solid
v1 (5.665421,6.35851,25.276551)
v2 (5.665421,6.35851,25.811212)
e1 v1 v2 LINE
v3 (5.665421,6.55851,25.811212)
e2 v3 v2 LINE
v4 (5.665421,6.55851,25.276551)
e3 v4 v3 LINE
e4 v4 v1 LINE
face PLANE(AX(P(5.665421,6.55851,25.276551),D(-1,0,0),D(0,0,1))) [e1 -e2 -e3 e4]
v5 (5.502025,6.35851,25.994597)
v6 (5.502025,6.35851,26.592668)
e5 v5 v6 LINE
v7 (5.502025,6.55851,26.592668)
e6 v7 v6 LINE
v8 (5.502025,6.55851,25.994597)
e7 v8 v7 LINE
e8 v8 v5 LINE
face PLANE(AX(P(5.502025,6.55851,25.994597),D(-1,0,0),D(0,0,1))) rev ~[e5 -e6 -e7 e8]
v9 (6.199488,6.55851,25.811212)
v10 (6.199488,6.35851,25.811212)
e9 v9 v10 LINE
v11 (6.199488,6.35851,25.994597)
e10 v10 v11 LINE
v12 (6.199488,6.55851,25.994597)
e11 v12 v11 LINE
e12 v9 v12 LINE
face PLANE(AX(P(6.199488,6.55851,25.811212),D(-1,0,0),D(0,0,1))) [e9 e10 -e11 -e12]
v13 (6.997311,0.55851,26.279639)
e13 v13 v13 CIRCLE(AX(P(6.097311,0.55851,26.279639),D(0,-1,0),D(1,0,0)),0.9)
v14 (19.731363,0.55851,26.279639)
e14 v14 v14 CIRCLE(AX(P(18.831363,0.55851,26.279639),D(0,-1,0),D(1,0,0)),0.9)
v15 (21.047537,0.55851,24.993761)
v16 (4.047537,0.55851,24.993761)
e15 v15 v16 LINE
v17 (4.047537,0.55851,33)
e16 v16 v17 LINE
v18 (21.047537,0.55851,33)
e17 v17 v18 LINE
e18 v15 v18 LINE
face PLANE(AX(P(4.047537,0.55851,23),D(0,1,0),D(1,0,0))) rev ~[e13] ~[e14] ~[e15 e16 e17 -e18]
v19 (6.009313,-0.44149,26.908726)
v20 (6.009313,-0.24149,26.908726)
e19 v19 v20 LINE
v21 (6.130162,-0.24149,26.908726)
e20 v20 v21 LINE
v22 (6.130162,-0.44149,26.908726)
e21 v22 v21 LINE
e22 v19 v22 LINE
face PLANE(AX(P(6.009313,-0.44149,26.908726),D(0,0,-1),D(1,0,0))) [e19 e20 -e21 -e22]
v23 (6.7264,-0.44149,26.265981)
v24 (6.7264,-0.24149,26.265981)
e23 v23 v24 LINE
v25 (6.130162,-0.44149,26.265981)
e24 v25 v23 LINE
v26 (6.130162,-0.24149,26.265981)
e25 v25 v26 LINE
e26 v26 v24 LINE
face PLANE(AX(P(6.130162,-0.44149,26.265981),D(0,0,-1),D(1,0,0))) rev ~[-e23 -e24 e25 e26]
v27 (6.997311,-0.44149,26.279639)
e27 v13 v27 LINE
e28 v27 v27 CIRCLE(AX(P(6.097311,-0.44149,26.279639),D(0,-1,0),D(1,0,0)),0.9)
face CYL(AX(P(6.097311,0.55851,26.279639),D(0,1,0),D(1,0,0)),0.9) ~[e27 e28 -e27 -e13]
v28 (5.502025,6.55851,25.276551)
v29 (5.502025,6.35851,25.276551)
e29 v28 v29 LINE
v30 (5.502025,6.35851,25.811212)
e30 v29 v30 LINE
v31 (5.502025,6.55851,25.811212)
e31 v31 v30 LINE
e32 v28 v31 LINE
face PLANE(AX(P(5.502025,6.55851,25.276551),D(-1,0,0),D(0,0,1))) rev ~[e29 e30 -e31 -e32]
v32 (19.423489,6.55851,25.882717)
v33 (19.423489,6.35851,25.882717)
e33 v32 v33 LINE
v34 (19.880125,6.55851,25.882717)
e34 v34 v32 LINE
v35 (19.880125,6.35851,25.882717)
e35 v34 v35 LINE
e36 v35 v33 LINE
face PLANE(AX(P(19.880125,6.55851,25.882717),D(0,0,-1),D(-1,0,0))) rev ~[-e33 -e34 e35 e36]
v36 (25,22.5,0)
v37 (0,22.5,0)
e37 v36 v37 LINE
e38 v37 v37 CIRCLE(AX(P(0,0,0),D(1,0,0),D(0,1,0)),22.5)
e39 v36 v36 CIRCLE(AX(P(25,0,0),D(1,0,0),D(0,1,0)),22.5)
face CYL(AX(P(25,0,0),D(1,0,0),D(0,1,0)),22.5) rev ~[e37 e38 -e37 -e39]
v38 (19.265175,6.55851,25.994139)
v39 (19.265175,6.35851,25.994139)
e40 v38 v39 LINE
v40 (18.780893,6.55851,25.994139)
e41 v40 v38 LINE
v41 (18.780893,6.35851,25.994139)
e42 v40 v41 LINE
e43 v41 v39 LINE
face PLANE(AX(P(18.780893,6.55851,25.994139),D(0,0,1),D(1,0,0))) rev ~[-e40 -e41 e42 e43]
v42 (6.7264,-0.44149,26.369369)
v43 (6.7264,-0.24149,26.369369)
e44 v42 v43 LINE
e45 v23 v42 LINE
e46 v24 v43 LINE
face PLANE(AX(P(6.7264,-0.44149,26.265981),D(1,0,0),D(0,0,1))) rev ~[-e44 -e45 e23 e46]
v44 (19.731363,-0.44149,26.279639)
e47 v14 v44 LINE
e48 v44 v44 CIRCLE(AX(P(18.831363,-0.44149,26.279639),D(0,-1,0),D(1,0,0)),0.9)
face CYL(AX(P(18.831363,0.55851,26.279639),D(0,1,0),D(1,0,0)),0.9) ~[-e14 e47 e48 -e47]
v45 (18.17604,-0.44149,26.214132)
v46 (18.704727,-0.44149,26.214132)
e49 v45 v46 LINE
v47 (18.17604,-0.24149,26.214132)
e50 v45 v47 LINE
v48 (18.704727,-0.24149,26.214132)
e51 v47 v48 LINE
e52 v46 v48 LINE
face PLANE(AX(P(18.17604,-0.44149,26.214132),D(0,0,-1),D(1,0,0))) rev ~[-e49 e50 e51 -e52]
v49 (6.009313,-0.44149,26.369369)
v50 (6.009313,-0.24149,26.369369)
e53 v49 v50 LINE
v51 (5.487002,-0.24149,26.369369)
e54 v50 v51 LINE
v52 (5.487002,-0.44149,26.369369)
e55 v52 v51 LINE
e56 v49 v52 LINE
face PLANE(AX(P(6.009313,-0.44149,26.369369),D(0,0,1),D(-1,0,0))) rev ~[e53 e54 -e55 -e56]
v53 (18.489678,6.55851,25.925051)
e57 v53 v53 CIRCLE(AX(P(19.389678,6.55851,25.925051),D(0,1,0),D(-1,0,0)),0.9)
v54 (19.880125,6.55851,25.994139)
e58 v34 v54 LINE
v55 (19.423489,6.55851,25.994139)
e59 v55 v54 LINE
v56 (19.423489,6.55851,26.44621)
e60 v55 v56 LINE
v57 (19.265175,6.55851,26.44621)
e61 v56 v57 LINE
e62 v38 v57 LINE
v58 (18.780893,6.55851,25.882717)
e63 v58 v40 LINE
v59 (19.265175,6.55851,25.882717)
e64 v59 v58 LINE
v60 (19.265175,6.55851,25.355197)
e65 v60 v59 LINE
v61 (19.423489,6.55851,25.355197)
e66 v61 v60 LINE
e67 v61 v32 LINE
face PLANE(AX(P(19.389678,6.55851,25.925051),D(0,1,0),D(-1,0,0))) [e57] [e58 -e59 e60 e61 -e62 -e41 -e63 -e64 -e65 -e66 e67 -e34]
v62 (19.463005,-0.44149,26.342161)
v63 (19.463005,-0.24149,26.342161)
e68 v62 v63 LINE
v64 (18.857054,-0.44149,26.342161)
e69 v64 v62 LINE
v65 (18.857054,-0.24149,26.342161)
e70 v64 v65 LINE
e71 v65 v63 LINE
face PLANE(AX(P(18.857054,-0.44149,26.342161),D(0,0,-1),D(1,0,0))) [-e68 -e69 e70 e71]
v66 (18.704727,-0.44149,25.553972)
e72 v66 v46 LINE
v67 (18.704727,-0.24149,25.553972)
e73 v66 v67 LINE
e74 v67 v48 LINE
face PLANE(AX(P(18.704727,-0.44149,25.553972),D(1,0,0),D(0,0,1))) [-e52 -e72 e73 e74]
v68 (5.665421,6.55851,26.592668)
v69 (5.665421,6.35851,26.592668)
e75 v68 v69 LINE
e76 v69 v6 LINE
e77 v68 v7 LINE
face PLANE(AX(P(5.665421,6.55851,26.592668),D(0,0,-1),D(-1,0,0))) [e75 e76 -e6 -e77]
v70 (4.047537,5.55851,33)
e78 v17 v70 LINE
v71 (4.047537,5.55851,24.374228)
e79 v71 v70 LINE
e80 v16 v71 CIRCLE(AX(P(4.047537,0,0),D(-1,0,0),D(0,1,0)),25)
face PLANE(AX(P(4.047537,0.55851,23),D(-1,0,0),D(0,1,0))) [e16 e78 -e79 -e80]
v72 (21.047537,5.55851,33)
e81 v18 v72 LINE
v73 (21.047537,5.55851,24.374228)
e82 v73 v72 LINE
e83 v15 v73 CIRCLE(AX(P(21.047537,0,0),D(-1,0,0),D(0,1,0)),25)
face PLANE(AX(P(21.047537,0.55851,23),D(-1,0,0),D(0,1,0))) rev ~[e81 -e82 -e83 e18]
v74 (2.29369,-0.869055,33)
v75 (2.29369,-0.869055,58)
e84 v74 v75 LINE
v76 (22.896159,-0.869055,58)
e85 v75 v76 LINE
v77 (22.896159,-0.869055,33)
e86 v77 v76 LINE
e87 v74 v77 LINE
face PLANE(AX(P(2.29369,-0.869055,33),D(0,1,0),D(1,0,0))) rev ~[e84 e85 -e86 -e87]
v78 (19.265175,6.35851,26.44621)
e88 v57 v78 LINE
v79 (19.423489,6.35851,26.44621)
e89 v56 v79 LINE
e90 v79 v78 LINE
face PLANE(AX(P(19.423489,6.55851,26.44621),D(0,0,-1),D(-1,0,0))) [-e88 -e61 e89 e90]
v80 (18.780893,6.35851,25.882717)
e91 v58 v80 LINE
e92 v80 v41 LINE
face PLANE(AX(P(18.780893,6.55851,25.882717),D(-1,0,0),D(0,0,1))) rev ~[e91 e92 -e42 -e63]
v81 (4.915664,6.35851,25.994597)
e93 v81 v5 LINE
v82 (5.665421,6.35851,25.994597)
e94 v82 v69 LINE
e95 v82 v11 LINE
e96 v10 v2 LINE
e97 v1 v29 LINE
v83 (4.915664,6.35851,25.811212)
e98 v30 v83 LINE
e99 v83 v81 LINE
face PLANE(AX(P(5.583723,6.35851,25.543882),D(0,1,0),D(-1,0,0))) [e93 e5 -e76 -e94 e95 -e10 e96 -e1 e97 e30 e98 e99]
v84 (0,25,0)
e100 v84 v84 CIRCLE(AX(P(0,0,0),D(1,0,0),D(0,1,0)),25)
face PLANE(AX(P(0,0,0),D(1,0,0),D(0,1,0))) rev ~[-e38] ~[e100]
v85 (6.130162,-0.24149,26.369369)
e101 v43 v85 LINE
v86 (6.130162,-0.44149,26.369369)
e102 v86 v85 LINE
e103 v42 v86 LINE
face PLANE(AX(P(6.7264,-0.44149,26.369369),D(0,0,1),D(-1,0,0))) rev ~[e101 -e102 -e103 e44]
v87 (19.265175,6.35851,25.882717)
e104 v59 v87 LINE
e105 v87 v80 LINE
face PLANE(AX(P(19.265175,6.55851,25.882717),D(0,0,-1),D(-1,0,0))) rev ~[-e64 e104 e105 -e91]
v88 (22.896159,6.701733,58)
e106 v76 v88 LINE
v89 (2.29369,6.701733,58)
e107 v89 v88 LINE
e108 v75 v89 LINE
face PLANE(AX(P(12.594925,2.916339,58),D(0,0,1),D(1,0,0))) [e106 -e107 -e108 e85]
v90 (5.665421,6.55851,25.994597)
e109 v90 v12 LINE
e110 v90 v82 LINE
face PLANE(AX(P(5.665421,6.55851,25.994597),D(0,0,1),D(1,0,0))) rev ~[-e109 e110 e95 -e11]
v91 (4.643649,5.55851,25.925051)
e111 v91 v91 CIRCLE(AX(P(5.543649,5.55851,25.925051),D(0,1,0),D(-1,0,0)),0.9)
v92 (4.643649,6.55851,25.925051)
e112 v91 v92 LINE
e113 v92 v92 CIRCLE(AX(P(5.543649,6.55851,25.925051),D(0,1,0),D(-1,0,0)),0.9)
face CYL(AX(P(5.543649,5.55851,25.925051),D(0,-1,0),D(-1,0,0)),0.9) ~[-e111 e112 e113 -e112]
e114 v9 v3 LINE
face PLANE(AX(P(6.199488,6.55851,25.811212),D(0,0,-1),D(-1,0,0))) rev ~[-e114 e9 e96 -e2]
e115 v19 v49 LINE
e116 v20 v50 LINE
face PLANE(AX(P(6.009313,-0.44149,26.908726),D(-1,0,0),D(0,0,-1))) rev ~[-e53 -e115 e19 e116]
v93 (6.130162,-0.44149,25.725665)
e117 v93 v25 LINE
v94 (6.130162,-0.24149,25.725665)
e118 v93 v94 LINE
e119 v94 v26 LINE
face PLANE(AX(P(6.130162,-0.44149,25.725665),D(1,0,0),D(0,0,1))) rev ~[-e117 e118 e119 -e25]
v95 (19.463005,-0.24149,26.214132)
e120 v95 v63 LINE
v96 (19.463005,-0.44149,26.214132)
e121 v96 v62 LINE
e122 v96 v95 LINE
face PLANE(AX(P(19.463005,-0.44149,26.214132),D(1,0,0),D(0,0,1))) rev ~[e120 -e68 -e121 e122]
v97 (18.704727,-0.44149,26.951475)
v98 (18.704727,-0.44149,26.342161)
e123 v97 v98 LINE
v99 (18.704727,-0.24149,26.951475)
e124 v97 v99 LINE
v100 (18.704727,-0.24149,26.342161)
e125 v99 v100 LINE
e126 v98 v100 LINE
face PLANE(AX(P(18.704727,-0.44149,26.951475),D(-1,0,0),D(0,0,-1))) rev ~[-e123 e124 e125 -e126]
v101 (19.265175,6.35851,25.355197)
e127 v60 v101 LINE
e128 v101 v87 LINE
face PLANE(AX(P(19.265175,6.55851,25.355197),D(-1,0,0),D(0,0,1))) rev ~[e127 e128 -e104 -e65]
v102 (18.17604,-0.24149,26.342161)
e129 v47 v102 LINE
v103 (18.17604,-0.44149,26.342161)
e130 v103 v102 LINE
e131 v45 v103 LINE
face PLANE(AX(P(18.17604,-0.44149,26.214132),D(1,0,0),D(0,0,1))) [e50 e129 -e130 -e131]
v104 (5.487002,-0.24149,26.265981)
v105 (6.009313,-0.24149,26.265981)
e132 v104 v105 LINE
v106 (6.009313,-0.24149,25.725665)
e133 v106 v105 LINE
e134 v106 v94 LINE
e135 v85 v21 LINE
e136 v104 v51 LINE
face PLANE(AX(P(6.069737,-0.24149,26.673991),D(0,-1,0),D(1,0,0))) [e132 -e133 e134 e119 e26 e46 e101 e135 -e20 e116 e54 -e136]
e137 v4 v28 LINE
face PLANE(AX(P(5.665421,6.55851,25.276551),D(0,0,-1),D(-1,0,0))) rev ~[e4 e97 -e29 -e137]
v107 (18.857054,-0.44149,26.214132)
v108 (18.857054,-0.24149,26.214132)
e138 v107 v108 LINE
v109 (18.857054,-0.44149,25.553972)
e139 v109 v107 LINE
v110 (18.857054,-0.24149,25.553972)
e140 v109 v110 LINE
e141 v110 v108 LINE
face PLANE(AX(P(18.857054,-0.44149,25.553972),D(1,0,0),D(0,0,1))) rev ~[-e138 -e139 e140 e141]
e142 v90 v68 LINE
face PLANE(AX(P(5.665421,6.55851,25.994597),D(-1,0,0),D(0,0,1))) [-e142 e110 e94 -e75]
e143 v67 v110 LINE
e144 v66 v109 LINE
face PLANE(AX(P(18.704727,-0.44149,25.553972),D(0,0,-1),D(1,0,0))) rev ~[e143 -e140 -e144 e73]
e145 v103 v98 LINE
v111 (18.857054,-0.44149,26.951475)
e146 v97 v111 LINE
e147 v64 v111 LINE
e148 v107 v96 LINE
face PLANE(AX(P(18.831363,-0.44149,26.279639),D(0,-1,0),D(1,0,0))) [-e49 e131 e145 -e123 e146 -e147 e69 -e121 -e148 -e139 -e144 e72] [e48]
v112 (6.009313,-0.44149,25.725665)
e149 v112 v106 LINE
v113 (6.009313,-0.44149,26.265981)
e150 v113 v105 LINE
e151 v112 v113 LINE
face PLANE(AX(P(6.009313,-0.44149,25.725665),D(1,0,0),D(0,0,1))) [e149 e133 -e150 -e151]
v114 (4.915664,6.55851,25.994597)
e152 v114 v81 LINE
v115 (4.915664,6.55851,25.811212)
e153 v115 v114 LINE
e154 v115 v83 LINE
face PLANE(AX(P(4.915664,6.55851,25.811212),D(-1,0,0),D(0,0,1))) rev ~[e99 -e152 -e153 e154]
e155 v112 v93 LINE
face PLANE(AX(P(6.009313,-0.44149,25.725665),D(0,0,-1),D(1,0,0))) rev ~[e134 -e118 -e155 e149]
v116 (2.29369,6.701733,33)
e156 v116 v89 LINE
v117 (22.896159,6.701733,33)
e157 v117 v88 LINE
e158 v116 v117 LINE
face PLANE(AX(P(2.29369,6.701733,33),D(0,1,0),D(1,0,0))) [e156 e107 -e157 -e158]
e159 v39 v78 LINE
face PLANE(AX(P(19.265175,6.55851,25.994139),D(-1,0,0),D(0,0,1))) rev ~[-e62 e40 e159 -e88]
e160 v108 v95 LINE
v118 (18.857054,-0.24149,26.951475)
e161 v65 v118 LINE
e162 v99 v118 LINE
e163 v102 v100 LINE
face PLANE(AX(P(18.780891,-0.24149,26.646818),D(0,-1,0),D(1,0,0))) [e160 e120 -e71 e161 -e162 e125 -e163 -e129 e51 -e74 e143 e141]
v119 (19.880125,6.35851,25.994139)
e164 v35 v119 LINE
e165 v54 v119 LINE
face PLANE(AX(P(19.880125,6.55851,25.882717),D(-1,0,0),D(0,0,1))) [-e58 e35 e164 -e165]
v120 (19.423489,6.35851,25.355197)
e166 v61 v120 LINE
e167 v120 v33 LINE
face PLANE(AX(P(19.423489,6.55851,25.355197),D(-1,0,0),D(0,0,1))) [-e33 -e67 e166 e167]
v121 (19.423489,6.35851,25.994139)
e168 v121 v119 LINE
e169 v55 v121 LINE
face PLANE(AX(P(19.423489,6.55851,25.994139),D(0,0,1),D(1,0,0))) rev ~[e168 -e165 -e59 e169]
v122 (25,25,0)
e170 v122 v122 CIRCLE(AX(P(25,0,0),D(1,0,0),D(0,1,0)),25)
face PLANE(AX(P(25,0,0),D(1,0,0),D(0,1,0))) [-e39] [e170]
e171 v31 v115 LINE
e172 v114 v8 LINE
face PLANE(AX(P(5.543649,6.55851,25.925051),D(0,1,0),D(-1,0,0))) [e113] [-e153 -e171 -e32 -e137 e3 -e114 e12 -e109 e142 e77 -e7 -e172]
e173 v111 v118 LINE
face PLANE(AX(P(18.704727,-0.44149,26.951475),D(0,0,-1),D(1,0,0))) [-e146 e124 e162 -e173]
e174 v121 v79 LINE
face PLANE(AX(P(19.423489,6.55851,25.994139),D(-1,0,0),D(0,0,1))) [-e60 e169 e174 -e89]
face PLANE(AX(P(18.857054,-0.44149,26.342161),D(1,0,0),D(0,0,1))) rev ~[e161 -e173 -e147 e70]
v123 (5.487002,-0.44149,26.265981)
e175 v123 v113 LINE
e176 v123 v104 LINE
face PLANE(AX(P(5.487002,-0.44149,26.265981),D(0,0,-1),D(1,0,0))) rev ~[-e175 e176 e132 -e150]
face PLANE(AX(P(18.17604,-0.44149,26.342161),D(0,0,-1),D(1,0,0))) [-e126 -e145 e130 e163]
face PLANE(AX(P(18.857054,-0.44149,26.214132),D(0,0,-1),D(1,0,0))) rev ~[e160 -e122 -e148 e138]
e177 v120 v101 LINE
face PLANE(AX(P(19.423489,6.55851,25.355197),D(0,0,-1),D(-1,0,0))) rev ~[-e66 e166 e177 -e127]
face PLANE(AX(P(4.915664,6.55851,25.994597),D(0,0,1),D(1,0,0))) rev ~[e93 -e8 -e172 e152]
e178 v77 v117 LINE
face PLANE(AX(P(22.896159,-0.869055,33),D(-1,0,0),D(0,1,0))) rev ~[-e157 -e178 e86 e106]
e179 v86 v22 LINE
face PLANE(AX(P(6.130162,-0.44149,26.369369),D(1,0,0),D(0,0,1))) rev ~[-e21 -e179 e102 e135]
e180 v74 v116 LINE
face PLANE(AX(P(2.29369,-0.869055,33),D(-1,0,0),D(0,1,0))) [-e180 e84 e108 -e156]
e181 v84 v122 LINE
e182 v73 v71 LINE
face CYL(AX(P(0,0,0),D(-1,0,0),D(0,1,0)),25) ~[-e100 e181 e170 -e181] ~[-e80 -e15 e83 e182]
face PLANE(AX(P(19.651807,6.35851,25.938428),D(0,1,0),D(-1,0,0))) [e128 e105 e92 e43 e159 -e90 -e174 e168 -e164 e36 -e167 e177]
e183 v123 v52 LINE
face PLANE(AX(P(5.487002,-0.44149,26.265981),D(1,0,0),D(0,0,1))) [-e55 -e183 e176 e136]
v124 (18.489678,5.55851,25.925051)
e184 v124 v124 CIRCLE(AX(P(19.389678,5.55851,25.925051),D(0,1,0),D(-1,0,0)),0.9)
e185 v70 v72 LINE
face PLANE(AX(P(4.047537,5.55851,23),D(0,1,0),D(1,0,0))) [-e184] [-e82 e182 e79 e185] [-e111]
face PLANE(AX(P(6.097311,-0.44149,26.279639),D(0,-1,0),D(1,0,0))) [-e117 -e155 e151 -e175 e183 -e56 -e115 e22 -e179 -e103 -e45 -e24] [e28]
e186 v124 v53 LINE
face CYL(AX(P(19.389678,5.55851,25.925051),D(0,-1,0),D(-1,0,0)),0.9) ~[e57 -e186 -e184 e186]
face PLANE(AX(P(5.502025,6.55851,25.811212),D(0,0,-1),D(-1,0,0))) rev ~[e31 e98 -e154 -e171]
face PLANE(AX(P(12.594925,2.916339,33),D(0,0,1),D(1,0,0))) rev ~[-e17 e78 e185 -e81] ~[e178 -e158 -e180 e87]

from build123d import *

# Parameters (mm, degrees)
F0_R      = 25
F1_DEPTH  = 25
F2_R      = 22.5
F3_DEPTH  = 30
F5_W      = 17
F5_H      = 5
F6_DEPTH  = 10
F7_R      = 0.9
F8_DEPTH  = 1
F9_W      = 0.4566367716
F9_H      = 0.1114215702
F9_W_2    = 0.1583136618
F9_H_2    = 0.5275197327
F9_W_3    = 0.4842821509
F9_H_3    = 0.4520714283
F10_DEPTH = 0.2
F11_W     = 0.1633954234
F11_H     = 0.5346611142
F11_W_2   = 0.5340673961
F11_H_2   = 0.1833848655
F11_W_3   = 0.5863611586
F11_H_3   = 0.598071143
F12_DEPTH = 0.2
F13_R     = 0.9
F14_DEPTH = 1
F16_W     = 0.1523271203
F16_H     = 0.6093140692
F16_H_2   = 0.1280289143
F16_W_2   = 0.5286876112
F16_W_3   = 0.605950132
F16_H_3   = 0.6601605564
F17_DEPTH = 0.2
F15_W     = 0.1208484173
F15_H     = 0.469468534
F15_H_2   = 0.0698883086
F15_W_2   = 0.0528423116
F15_H_3   = 0.1033879817
F15_W_3   = 0.0704331324
F15_W_4   = 0.469468534
F15_H_4   = 0.5403161049
F15_W_5   = 0.5258051679
F18_DEPTH = 0.2
F19_W     = 20.6024695653
F19_H     = 7.5707876822
F19_W_2   = 17
F19_H_2   = 5
F20_DEPTH = 25


with BuildPart() as f1:
    # F0 (on Right) → F1 (new body)
    with BuildSketch(Plane.YZ):
        Circle(F0_R)
    extrude(amount=F1_DEPTH)

    # F2 (on face) → F3 (cut)
    with BuildSketch(Plane.YZ.offset(25)):
        Circle(F2_R)
    extrude(amount=-F3_DEPTH, mode=Mode.SUBTRACT)

    # F5 (on offset) → F6 (join)
    with BuildSketch(Plane.XY.offset(23)):
        with Locations((12.5475367568, 3.0585098453)):
            Rectangle(F5_W, F5_H)
    extrude(amount=F6_DEPTH)

    # F7 (on face) → F8 (join)
    with BuildSketch(Plane(origin=(0, 5.5585098453, 0), x_dir=(-1, 0, 0), z_dir=(0, 1, 0))):
        with Locations((-19.3896782356, 25.9250514209)):
            Circle(F7_R)
        with Locations((-5.5436493817, 25.9250514209)):
            Circle(F7_R)
    extrude(amount=F8_DEPTH)

    # F9 (on face) → F10 (cut)
    with BuildSketch(Plane(origin=(0, 6.5585098453, 0), x_dir=(-1, 0, 0), z_dir=(0, 1, 0))):
        with Locations((-19.6518069133, 25.9384280071)):
            Rectangle(F9_W, F9_H)
        with Locations((-19.3443316966, 25.9384280071)):
            Rectangle(F9_W_2, F9_H)
        with Locations((-19.3443316966, 25.6189573556)):
            Rectangle(F9_W_2, F9_H_2)
        with Locations((-19.0230337903, 25.9384280071)):
            Rectangle(F9_W_3, F9_H)
        with Locations((-19.3443316966, 26.2201745063)):
            Rectangle(F9_W_2, F9_H_3)
    extrude(amount=-F10_DEPTH, mode=Mode.SUBTRACT)

    # F11 (on face) → F12 (cut)
    with BuildSketch(Plane(origin=(0, 6.5585098453, 0), x_dir=(-1, 0, 0), z_dir=(0, 1, 0))):
        with Locations((-5.5837228429, 25.5438815802)):
            Rectangle(F11_W, F11_H)
        with Locations((-5.9324542526, 25.9029045701)):
            Rectangle(F11_W_2, F11_H_2)
        with Locations((-5.5837228429, 25.9029045701)):
            Rectangle(F11_W, F11_H_2)
        with Locations((-5.2088445518, 25.9029045701)):
            Rectangle(F11_W_3, F11_H_2)
        with Locations((-5.5837228429, 26.2936325744)):
            Rectangle(F11_W, F11_H_3)
    extrude(amount=-F12_DEPTH, mode=Mode.SUBTRACT)

    # F13 (on face) → F14 (join)
    with BuildSketch(Plane.XZ.offset(-0.5585098453)):
        with Locations((6.0973112057, 26.2796394527)):
            Circle(F13_R)
        with Locations((18.8313634067, 26.2796394527)):
            Circle(F13_R)
    extrude(amount=F14_DEPTH)

    # F16 (on face) → F17 (cut)
    with BuildSketch(Plane.XZ.offset(0.4414901547)):
        with Locations((18.7808908522, 26.6468180344)):
            Rectangle(F16_W, F16_H)
        with Locations((18.7808908522, 26.2781465426)):
            Rectangle(F16_W, F16_H_2)
        with Locations((18.4403834864, 26.2781465426)):
            Rectangle(F16_W_2, F16_H_2)
        with Locations((19.1600294784, 26.2781465426)):
            Rectangle(F16_W_3, F16_H_2)
        with Locations((18.7808908522, 25.8840518072)):
            Rectangle(F16_W, F16_H_3)
    extrude(amount=-F17_DEPTH, mode=Mode.SUBTRACT)

    # F15 (on face) → F18 (cut)
    with BuildSketch(Plane.XZ.offset(0.4414901547)):
        with Locations((6.0697374865, 26.6739912331)):
            Rectangle(F15_W, F15_H)
        with Locations((6.0697374865, 26.4043128118)):
            Rectangle(F15_W, F15_H_2)
        with Locations((5.9828921221, 26.3176746666)):
            Rectangle(F15_W_2, F15_H_3)
        with Locations((6.0697374865, 26.3176746666)):
            Rectangle(F15_W, F15_H_3)
        with Locations((6.1653782614, 26.3176746666)):
            Rectangle(F15_W_3, F15_H_3)
        with Locations((5.7217366993, 26.3176746666)):
            Rectangle(F15_W_4, F15_H_3)
        with Locations((6.0697374865, 25.9958226234)):
            Rectangle(F15_W, F15_H_4)
        with Locations((6.4634974115, 26.3176746666)):
            Rectangle(F15_W_5, F15_H_3)
    extrude(amount=-F18_DEPTH, mode=Mode.SUBTRACT)

    # F19 (on face) → F20 (join)
    with BuildSketch(Plane.XY.offset(33)):
        with Locations((12.5949246576, 2.9163391446)):
            Rectangle(F19_W, F19_H)
        with Locations((12.5475367568, 3.0585098453)):
            Rectangle(F19_W_2, F19_H_2, mode=Mode.SUBTRACT)
        with Locations((12.5475367568, 3.0585098453)):
            Rectangle(F19_W_2, F19_H_2)
    extrude(amount=F20_DEPTH)


solid = f1.part
